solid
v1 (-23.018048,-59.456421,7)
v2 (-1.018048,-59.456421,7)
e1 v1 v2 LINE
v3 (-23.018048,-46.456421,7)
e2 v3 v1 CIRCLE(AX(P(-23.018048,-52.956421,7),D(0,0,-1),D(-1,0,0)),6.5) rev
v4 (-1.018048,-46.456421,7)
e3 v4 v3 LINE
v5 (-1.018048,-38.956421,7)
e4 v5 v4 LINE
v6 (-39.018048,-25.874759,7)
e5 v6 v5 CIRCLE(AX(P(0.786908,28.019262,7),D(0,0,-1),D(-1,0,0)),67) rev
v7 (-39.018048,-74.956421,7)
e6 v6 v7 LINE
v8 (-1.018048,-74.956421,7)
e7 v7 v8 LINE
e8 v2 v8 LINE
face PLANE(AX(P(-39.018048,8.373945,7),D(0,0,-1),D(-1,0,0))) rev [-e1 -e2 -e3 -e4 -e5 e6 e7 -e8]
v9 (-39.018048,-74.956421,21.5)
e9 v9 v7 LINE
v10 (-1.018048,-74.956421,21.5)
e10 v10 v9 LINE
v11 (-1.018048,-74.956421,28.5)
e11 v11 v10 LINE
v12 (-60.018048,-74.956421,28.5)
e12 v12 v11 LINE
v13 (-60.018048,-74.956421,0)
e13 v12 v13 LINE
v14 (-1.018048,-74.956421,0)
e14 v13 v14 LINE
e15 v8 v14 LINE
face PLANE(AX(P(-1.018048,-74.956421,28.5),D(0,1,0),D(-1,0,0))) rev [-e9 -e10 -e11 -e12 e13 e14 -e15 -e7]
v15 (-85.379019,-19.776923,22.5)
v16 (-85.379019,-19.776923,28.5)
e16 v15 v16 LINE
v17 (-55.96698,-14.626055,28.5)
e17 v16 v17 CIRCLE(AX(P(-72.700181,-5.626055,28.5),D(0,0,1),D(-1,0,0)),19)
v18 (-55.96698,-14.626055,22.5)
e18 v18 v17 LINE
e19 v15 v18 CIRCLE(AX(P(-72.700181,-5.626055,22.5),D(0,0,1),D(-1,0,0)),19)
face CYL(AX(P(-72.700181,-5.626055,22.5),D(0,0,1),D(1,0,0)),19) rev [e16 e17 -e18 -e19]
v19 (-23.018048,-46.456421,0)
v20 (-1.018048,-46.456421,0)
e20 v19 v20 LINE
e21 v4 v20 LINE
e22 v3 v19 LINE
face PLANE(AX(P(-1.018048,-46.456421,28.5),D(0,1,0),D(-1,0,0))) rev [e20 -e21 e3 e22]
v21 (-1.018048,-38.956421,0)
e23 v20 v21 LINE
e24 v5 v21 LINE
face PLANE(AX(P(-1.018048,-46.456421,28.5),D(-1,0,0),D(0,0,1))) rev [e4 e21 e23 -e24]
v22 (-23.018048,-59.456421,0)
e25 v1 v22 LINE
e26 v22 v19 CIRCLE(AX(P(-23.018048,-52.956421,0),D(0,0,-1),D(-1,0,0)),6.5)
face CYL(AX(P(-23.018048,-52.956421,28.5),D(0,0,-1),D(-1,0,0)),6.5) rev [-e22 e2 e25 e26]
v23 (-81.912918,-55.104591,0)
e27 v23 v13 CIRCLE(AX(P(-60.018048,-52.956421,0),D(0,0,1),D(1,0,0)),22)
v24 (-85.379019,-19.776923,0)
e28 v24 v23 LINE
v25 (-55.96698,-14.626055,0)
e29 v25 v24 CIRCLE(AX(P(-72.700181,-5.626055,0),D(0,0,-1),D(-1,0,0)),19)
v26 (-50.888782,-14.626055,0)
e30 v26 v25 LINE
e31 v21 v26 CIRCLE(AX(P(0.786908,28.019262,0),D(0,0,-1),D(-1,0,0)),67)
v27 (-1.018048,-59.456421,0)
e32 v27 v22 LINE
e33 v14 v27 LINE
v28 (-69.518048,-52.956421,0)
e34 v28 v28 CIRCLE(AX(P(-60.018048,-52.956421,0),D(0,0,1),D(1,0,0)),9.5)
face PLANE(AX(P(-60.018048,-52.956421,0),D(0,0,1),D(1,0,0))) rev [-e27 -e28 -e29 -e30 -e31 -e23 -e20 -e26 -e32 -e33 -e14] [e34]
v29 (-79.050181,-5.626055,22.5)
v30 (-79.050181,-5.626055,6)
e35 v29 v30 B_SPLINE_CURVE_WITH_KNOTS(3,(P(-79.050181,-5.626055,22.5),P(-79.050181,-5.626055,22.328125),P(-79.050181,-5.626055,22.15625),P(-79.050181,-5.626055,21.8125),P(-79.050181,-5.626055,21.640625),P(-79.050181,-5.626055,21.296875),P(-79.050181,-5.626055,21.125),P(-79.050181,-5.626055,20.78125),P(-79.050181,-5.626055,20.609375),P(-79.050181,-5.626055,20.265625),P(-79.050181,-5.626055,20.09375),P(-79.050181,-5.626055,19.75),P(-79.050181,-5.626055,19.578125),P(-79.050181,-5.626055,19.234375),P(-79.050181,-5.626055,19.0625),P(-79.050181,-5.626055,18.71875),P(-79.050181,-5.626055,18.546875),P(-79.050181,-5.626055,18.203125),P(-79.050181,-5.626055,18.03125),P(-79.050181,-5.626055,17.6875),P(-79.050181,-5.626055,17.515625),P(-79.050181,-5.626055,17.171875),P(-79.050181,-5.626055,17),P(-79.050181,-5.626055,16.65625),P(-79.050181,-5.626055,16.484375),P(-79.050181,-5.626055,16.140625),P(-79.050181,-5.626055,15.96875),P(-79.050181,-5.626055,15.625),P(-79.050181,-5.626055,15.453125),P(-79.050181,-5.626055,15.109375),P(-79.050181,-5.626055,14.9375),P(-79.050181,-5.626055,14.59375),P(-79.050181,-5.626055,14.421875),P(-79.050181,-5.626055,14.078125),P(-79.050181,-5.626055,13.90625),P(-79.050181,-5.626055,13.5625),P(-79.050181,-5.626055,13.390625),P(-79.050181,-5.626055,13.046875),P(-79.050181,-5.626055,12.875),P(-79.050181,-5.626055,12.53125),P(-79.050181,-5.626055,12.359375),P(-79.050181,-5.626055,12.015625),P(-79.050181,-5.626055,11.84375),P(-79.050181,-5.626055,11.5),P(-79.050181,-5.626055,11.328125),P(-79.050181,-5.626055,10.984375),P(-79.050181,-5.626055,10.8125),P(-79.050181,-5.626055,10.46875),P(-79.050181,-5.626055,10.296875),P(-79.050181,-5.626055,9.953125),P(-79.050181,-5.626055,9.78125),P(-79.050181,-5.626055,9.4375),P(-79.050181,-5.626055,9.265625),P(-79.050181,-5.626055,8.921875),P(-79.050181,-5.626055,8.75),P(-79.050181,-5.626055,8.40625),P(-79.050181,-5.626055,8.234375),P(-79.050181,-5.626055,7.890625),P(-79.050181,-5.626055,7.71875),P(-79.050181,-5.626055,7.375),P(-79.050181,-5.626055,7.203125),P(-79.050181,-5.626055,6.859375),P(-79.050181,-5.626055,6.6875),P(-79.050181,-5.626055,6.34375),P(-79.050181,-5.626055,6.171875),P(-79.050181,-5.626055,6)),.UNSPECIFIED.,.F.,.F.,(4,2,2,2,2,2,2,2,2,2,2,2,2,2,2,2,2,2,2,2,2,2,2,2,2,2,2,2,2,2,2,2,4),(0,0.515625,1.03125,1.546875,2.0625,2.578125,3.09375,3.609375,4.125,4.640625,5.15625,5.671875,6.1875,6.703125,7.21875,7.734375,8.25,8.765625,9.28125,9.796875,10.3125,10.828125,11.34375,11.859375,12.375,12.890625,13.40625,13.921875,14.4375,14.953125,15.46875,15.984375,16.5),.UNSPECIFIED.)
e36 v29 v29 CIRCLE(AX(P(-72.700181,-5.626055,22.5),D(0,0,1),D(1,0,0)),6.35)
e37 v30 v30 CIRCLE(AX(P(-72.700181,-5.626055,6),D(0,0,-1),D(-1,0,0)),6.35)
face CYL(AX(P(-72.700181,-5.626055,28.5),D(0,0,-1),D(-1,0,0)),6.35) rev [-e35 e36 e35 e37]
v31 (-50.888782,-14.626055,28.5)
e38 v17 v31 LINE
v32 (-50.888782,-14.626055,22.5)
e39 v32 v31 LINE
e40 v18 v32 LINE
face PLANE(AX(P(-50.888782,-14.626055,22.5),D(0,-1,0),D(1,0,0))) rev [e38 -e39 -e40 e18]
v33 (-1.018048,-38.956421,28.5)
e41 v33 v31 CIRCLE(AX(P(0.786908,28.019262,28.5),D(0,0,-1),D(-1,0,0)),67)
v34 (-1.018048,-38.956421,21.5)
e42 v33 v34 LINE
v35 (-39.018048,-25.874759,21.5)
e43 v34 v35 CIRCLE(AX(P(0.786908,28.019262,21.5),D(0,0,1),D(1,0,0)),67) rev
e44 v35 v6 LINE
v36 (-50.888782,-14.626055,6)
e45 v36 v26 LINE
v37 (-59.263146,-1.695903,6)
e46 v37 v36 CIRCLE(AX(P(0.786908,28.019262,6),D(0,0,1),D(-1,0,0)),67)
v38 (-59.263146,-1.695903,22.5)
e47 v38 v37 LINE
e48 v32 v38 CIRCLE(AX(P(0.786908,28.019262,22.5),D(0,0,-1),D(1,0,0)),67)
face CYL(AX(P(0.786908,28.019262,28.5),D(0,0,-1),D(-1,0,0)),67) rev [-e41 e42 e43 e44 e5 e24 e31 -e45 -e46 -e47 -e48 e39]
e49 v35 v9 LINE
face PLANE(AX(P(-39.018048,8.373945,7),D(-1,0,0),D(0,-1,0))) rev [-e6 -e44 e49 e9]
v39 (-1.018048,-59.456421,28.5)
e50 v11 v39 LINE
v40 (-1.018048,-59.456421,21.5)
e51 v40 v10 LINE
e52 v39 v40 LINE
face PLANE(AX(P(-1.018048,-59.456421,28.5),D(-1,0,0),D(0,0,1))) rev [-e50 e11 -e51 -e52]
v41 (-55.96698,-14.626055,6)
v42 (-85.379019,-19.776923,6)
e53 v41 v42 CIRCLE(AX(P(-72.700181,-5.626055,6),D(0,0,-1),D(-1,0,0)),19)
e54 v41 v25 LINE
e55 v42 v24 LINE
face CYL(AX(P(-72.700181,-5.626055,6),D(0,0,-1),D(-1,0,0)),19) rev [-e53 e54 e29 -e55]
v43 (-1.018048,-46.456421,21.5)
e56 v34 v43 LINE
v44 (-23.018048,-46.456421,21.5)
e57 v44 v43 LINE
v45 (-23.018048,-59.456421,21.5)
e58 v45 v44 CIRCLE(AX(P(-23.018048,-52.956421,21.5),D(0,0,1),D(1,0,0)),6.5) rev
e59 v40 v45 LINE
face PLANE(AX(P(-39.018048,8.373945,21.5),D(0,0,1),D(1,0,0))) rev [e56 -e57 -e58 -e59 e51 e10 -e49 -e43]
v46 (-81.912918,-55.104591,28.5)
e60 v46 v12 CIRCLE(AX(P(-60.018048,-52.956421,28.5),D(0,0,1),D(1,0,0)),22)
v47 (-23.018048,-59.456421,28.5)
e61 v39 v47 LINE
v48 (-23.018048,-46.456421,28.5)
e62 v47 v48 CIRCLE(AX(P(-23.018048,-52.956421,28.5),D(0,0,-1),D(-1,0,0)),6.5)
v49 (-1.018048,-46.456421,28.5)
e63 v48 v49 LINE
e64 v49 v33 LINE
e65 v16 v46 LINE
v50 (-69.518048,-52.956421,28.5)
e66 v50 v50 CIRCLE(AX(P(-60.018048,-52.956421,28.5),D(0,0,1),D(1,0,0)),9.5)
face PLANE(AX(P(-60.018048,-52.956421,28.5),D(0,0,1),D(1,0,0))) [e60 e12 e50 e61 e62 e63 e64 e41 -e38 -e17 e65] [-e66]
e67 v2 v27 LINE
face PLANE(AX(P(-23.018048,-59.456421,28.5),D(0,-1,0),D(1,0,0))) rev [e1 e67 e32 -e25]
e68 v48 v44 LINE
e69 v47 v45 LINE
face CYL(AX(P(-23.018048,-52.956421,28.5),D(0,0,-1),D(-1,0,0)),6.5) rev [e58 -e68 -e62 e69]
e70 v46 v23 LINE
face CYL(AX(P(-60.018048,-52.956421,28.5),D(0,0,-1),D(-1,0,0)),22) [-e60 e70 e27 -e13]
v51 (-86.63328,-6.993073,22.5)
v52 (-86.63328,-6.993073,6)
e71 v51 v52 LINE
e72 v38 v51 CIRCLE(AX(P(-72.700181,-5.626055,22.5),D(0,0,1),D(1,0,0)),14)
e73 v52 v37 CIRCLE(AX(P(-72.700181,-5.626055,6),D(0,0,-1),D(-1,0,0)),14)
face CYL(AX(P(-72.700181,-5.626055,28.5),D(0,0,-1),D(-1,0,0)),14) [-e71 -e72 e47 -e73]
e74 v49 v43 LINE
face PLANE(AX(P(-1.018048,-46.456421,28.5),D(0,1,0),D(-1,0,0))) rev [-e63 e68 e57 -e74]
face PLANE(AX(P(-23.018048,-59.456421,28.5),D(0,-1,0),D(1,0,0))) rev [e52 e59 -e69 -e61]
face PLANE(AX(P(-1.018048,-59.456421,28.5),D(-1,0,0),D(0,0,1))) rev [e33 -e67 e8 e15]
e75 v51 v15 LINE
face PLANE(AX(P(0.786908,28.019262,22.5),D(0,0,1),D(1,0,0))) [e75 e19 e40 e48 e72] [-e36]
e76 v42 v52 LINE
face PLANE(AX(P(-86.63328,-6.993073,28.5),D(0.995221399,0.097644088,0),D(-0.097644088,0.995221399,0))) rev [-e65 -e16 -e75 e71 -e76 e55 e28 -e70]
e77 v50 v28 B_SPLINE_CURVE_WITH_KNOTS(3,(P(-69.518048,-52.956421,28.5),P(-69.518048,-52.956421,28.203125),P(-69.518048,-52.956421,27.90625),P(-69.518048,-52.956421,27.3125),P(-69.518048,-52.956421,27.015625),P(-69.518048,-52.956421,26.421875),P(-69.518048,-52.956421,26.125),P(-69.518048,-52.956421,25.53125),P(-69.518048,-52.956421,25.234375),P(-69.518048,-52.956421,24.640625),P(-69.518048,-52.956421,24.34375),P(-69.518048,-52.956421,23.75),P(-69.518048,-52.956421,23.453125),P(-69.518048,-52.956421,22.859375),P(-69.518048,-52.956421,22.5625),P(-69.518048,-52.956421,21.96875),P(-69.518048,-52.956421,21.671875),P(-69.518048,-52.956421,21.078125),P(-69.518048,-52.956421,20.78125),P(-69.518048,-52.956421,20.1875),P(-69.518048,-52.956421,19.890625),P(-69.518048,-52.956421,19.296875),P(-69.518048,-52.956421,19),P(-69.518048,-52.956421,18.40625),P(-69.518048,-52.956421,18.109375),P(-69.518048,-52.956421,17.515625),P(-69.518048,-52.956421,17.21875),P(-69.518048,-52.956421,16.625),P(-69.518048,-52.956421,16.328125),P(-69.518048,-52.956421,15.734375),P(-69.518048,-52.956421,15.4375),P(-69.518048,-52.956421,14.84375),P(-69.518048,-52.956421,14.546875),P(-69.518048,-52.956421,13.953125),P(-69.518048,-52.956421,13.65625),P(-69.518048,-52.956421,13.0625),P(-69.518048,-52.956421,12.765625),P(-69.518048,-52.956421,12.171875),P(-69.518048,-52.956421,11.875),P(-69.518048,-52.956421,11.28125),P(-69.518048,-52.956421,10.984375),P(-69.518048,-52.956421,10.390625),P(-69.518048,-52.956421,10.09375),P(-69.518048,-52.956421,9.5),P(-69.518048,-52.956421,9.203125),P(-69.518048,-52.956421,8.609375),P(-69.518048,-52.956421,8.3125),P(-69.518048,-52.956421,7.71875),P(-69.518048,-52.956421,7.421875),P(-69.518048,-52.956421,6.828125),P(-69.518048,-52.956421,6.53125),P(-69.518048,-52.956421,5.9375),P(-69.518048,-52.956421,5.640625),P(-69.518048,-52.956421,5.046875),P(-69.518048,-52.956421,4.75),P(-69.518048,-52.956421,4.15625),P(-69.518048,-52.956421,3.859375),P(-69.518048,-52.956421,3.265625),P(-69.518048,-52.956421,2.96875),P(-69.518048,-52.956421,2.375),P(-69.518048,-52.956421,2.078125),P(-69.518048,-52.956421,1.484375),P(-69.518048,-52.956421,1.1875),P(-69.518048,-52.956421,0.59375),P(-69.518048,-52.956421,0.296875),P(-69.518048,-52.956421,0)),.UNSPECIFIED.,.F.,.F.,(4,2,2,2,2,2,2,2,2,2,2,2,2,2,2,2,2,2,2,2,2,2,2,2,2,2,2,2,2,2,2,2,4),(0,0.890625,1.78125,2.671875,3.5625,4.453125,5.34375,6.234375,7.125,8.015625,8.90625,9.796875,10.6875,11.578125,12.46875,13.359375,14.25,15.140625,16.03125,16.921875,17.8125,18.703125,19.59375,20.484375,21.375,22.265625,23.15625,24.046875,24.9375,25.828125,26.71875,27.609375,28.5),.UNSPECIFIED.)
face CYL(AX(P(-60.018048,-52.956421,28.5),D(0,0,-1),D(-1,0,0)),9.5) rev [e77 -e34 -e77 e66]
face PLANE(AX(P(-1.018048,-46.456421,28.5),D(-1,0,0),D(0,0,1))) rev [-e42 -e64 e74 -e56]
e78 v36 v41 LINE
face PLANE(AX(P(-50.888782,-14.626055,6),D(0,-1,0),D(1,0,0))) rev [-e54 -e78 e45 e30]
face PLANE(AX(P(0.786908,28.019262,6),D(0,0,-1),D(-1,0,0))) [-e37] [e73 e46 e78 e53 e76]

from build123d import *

# Parameters (mm, degrees)
ESQUISSE1_R             = 6.35
ESQUISSE1_R_2           = 9.5
BOSS_EXTRU_1_DEPTH      = 28.5
ENL_V_START             = -6
ENL_V_MAT_EXTRU_1_DEPTH = 6
ENL_V_MAT_EXTRU_2_DEPTH = 6
ESQUISSE4_W             = 38
ESQUISSE4_H             = 14.5
ENL_V_MAT_EXTRU_3_DEPTH = 124.584469767


with BuildPart() as part:
    # Esquisse1 → Boss.-Extru.1 (new body)
    with BuildSketch(Plane.XY):
        with BuildLine():
            Line((-86.633280406, -6.99307262), (-81.912918385, -55.104590809))
            ThreePointArc((-81.912918385, -55.104590809), (-74.795399572, -69.254576275), (-60.018047616, -74.956420883))
            Line((-60.018047616, -74.956420883), (-1.018047616, -74.956420883))
            Line((-1.018047616, -74.956420883), (-1.018047616, -59.456420883))
            Line((-1.018047616, -59.456420883), (-23.018047616, -59.456420883))
            ThreePointArc((-23.018047616, -59.456420883), (-29.518047616, -52.956420883), (-23.018047616, -46.456420883))
            Line((-23.018047616, -46.456420883), (-1.018047616, -46.456420883))
            Line((-1.018047616, -46.456420883), (-1.018047616, -38.956420883))
            ThreePointArc((-1.018047616, -38.956420883), (-35.318453229, -28.420111536), (-59.263146108, -1.695902984))
            ThreePointArc((-59.263146108, -1.695902984), (-75.360354059, 8.118888343), (-86.633280406, -6.99307262))
        make_face()
        with Locations(Location((-72.700180587, -5.626055331, 0), (0, 0, 180))):
            Circle(ESQUISSE1_R, mode=Mode.SUBTRACT)
        with Locations(Location((-60.018047616, -52.956420883, 0), (0, 0, 180))):
            Circle(ESQUISSE1_R_2, mode=Mode.SUBTRACT)
    extrude(amount=BOSS_EXTRU_1_DEPTH)

    # Esquisse2 → Enlèv. mat.-Extru.1 (cut)
    with BuildSketch(Plane.XY.offset(28.5).offset(ENL_V_START)):
        with BuildLine():
            Line((-50.888781824, -14.626055395), (-55.966980296, -14.626055395))
            ThreePointArc((-55.966980296, -14.626055395), (-69.422632675, -24.341227799), (-85.379019392, -19.776922952))
            Line((-85.379019392, -19.776922952), (-86.633280406, -6.99307262))
            ThreePointArc((-86.633280406, -6.99307262), (-75.360354059, 8.118888343), (-59.263146108, -1.695902984))
            ThreePointArc((-59.263146108, -1.695902984), (-55.448825079, -8.402467045), (-50.888781824, -14.626055395))
        make_face()
    extrude(amount=ENL_V_MAT_EXTRU_1_DEPTH, mode=Mode.SUBTRACT)

    # Esquisse3 → Enlèv. mat.-Extru.2 (cut)
    with BuildSketch(Plane(origin=(0, 0, 0), x_dir=(-1, 0, 0), z_dir=(0, 0, -1))):
        with BuildLine():
            Line((85.379019392, -19.776922952), (86.633280406, -6.99307262))
            ThreePointArc((86.633280406, -6.99307262), (75.360354059, 8.118888343), (59.263146108, -1.695902984))
            ThreePointArc((59.263146108, -1.695902984), (55.448825079, -8.402467045), (50.888781824, -14.626055395))
            Line((50.888781824, -14.626055395), (55.966980296, -14.626055395))
            ThreePointArc((55.966980296, -14.626055395), (69.422632675, -24.341227799), (85.379019392, -19.776922952))
        make_face()
    extrude(amount=-ENL_V_MAT_EXTRU_2_DEPTH, mode=Mode.SUBTRACT)

    # Esquisse4 → Enlèv. mat.-Extru.3 (cut, through all)
    with BuildSketch(Plane.XZ.offset(74.956420883)):
        with Locations((-20.018047616, 14.25)):
            Rectangle(ESQUISSE4_W, ESQUISSE4_H)
    extrude(amount=-ENL_V_MAT_EXTRU_3_DEPTH, mode=Mode.SUBTRACT)


solid = part.part
